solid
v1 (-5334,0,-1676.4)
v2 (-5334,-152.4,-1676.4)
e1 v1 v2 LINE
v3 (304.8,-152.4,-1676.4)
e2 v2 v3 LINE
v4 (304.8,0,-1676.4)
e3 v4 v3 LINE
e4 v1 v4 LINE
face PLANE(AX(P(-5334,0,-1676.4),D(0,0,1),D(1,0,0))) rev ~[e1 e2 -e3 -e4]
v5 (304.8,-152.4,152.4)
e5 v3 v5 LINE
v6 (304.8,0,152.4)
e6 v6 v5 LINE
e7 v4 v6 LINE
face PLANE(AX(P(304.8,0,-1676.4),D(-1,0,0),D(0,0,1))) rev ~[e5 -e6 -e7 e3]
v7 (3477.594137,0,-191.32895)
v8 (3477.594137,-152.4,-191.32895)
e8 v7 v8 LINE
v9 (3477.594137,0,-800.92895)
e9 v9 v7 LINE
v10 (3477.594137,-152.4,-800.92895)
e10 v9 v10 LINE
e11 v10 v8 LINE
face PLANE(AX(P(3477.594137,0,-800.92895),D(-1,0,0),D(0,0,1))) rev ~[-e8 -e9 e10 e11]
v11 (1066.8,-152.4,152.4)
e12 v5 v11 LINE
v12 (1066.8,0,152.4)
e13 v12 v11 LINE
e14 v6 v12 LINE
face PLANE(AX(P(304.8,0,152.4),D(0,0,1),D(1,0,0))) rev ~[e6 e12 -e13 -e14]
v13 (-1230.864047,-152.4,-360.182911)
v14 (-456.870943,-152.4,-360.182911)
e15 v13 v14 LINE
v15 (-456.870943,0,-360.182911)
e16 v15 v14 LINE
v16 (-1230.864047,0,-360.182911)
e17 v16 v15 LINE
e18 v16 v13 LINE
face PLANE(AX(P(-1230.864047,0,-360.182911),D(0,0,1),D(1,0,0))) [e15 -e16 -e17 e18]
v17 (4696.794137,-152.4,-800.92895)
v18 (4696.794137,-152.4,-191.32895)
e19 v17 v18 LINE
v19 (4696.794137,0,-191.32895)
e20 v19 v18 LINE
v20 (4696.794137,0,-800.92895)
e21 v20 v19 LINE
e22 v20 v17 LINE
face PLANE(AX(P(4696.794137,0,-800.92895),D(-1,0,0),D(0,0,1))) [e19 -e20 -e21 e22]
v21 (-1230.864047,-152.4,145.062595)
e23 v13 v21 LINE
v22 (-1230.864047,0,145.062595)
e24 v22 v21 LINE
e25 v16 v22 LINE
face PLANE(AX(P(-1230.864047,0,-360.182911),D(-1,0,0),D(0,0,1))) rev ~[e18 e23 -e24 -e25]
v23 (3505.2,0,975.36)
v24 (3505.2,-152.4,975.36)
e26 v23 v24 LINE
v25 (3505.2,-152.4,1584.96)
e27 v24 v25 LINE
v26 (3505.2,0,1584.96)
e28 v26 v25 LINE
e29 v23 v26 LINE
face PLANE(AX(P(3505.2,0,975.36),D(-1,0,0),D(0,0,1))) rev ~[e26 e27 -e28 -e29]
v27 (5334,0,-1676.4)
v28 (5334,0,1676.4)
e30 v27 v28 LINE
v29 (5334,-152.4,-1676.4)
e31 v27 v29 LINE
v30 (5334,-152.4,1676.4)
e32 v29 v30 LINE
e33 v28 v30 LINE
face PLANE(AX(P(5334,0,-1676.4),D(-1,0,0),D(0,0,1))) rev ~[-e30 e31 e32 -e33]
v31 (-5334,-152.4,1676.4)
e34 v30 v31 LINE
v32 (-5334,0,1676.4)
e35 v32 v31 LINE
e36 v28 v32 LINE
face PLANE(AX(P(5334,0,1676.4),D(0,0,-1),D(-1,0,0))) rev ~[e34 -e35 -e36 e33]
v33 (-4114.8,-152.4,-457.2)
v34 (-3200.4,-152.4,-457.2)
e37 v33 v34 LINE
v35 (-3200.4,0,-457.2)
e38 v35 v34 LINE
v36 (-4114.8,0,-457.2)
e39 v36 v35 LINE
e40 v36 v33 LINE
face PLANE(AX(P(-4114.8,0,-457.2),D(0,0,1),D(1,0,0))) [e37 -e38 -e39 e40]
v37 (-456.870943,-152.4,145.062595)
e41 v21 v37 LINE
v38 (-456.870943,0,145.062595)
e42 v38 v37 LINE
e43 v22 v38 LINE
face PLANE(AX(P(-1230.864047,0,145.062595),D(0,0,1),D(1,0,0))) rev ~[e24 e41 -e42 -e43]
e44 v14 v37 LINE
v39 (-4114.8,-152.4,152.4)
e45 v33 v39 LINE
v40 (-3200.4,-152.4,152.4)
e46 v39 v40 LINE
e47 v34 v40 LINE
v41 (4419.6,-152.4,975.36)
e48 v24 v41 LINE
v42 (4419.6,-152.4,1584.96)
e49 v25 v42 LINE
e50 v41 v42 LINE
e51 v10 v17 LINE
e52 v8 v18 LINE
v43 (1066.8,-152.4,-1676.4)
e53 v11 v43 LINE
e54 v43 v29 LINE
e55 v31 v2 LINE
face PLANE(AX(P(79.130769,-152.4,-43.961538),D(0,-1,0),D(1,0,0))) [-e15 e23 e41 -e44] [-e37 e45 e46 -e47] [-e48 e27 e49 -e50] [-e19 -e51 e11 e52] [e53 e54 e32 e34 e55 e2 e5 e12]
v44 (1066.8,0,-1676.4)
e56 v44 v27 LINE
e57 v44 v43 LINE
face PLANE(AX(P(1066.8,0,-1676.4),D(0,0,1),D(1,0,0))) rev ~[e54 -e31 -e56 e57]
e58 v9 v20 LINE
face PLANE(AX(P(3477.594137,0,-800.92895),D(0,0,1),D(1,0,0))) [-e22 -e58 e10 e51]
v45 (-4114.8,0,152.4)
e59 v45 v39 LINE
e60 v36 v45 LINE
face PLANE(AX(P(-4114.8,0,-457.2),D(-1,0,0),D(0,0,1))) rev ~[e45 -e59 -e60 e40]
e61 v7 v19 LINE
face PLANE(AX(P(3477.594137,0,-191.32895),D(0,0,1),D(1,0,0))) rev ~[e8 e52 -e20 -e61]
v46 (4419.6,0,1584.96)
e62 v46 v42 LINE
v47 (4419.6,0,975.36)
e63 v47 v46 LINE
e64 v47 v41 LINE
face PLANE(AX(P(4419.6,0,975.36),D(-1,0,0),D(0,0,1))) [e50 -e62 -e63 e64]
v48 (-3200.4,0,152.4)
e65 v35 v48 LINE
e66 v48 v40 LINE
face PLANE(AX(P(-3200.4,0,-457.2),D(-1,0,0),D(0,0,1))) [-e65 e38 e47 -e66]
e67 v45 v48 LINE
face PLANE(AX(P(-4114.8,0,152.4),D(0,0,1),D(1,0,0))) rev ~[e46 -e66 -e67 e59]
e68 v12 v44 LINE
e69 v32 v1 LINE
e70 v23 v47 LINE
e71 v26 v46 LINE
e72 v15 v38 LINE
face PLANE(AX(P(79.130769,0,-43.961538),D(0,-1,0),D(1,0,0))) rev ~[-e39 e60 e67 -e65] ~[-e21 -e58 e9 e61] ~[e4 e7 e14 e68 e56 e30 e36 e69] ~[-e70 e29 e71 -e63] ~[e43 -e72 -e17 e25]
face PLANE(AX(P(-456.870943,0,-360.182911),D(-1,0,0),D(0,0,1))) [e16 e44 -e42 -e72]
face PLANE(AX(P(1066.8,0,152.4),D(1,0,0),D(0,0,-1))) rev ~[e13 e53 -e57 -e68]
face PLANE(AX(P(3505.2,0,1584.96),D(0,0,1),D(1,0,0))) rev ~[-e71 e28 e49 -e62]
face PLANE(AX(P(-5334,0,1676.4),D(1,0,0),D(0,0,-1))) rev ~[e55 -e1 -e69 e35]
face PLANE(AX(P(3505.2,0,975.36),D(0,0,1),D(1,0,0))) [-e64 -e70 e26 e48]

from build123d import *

# Parameters (mm, degrees)
F0_W     = 914.4
F0_H     = 609.6
F0_W_2   = 773.993105
F0_H_2   = 505.245507
F0_W_3   = 1219.2
F1_DEPTH = 152.4


with BuildPart() as f1:
    # F0 (on Front) → F1 (new body)
    with BuildSketch(Plane.XZ):
        Polygon((5334, 1676.4), (-5334, 1676.4), (-5334, -1676.4), (304.8, -1676.4), (304.8, 152.4), (1066.8, 152.4), (1066.8, -1676.4), (5334, -1676.4), align=None)
        with Locations((-3657.6, -152.4)):
            Rectangle(F0_W, F0_H, mode=Mode.SUBTRACT)
        with Locations((-843.867495, -107.560158)):
            Rectangle(F0_W_2, F0_H_2, mode=Mode.SUBTRACT)
        with Locations((4087.194137, -496.12895)):
            Rectangle(F0_W_3, F0_H, mode=Mode.SUBTRACT)
        with Locations((3962.4, 1280.16)):
            Rectangle(F0_W, F0_H, mode=Mode.SUBTRACT)
    extrude(amount=F1_DEPTH)


solid = f1.part
